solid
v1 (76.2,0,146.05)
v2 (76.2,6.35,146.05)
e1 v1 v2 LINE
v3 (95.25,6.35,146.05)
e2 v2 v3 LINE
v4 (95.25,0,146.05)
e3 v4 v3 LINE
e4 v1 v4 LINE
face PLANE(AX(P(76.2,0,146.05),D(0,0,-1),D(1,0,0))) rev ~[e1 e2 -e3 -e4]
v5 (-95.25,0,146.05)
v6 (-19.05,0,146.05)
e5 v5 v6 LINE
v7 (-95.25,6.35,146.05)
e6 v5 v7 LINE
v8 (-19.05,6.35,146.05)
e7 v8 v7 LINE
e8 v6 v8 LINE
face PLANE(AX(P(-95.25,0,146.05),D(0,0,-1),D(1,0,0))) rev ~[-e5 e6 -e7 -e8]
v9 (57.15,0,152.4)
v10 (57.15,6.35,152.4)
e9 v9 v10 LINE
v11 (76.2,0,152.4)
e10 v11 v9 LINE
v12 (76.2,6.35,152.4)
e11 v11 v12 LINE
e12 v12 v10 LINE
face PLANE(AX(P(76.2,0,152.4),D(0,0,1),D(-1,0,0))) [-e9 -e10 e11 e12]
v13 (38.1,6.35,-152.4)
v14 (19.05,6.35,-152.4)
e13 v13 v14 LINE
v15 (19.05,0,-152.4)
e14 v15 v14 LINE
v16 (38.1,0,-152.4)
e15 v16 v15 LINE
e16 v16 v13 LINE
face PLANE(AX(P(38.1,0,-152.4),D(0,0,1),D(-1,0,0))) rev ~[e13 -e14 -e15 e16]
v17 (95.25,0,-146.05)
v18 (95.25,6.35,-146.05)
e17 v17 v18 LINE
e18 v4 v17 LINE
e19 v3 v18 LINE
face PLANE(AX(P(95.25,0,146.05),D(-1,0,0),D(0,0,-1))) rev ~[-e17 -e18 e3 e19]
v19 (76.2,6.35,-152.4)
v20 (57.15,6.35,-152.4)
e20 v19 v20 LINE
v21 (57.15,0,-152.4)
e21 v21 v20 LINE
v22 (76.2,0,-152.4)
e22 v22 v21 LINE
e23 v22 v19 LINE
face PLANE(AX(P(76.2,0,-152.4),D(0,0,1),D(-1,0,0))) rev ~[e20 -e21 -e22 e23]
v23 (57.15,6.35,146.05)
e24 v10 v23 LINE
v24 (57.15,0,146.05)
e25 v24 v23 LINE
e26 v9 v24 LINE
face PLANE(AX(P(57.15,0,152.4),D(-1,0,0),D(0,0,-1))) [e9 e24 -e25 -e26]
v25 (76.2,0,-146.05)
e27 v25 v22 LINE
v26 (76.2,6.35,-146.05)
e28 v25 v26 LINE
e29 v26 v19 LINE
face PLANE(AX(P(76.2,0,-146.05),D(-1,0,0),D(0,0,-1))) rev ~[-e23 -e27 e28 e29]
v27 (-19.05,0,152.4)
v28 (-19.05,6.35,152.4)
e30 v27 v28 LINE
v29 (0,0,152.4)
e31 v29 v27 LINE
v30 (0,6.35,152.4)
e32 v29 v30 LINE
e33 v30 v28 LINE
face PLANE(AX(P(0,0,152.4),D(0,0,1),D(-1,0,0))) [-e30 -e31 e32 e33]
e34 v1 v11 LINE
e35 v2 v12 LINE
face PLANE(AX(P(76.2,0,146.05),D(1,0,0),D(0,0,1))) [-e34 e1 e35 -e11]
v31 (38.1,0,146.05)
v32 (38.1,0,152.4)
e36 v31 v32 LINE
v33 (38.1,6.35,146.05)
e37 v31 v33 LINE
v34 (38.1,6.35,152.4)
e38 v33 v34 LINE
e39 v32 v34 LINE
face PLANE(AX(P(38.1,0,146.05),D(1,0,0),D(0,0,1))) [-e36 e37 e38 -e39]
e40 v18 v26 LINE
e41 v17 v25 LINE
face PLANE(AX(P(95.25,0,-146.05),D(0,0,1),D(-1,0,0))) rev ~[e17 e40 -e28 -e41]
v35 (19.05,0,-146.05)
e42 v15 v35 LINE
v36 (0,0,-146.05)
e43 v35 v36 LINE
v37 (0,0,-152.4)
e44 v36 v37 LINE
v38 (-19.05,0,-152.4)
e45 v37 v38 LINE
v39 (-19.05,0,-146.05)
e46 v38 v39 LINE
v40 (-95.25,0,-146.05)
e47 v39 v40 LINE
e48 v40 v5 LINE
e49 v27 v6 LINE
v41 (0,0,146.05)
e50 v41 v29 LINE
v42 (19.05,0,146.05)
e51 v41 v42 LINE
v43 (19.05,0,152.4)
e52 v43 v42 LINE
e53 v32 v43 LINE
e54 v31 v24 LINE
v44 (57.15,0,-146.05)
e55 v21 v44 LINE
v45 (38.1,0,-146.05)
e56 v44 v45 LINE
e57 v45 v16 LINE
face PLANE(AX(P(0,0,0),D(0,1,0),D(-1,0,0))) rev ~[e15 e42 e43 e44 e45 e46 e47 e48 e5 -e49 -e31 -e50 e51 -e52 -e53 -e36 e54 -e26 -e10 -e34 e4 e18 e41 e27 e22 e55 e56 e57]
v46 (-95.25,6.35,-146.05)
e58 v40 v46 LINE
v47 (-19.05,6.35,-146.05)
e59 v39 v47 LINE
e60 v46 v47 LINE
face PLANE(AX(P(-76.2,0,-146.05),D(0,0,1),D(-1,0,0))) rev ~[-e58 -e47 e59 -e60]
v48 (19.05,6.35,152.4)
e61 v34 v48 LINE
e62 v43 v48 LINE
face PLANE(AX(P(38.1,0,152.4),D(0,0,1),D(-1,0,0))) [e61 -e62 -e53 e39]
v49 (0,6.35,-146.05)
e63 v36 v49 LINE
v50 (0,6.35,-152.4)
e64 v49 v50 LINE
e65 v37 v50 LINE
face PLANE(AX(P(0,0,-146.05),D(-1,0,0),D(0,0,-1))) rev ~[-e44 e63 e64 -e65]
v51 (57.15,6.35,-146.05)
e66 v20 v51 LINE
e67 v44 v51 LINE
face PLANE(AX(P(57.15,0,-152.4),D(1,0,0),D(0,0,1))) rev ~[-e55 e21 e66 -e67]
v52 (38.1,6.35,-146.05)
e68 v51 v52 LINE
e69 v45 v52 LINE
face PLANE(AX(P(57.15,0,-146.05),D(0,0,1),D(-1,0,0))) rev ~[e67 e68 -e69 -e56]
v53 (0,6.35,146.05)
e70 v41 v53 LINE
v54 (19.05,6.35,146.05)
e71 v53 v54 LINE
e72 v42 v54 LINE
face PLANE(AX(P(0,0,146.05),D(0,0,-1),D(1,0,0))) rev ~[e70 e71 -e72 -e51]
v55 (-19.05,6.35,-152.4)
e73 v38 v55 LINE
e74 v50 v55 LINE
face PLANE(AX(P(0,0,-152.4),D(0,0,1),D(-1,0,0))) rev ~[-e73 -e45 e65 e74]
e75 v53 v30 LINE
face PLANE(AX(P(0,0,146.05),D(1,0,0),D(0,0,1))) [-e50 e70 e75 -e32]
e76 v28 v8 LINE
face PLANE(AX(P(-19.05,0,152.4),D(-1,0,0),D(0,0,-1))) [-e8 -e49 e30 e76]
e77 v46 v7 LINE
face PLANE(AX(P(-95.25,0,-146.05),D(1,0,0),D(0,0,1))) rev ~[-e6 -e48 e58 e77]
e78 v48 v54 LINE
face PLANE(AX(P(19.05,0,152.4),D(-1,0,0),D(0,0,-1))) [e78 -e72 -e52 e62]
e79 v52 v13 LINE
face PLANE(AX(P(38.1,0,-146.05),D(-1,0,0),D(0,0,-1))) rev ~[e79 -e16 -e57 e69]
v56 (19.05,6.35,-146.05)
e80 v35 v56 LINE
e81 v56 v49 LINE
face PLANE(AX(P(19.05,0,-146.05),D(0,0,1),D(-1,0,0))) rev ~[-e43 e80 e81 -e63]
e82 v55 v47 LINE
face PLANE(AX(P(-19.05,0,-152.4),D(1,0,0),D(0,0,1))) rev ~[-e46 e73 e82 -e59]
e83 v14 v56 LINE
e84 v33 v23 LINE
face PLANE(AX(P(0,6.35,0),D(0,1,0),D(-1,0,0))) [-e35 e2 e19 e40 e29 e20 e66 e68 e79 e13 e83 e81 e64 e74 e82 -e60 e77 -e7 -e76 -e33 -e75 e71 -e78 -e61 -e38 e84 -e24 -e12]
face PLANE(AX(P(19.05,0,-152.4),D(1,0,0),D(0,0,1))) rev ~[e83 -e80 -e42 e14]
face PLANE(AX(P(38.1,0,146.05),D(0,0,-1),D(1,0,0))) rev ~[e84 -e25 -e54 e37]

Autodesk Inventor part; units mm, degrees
ref_plane "YZ Plane" through (0, 0, 0) normal (1, 0, 0) x (0, 1, 0)
ref_plane "XZ Plane" through (0, 0, 0) normal (0, 1, 0) x (-1, 0, 0)
ref_plane "XY Plane" through (0, 0, 0) normal (0, 0, 1) x (1, 0, 0)
sketch "Sketch1" plane through (0, 0, 0) normal (0, 1, 0) x (-1, 0, 0)
  line L0 (95.25, 146.05) -> (-95.25, 146.05)
  line L1 (-95.25, 146.05) -> (-95.25, -146.05)
  line L2 (-95.25, -146.05) -> (95.25, -146.05)
  line L3 (95.25, -146.05) -> (95.25, 146.05)
  line L4 (95.25, 146.05) -> (-95.25, -146.05) construction
  line L5 (-95.25, 146.05) -> (95.25, -146.05) construction
  line L6 (95.25, -146.05) -> (76.2, -146.05)
  line L7 (76.2, -146.05) -> (76.2, -152.4)
  line L8 (76.2, -152.4) -> (95.25, -152.4)
  line L9 (95.25, -152.4) -> (95.25, -146.05)
  line L10 (38.1, -146.05) -> (38.1, -152.4)
  line L11 (57.15, -146.05) -> (38.1, -146.05)
  line L12 (38.1, -152.4) -> (57.15, -152.4)
  line L13 (57.15, -152.4) -> (57.15, -146.05)
  line L14 (0, -146.05) -> (0, -152.4)
  line L15 (19.05, -146.05) -> (0, -146.05)
  line L16 (0, -152.4) -> (19.05, -152.4)
  line L17 (19.05, -152.4) -> (19.05, -146.05)
  line L18 (-38.1, -146.05) -> (-38.1, -152.4)
  line L19 (-19.05, -146.05) -> (-38.1, -146.05)
  line L20 (-38.1, -152.4) -> (-19.05, -152.4)
  line L21 (-19.05, -152.4) -> (-19.05, -146.05)
  line L22 (-76.2, -146.05) -> (-76.2, -152.4)
  line L23 (-57.15, -146.05) -> (-76.2, -146.05)
  line L24 (-76.2, -152.4) -> (-57.15, -152.4)
  line L25 (-57.15, -152.4) -> (-57.15, -146.05)
  line L26 (95.25, 0) -> (-95.25, 0) construction
  line L27 (95.25, 146.05) -> (76.2, 146.05)
  line L28 (76.2, 146.05) -> (76.2, 152.4)
  line L29 (76.2, 152.4) -> (95.25, 152.4)
  line L30 (95.25, 152.4) -> (95.25, 146.05)
  line L31 (57.15, 146.05) -> (38.1, 146.05)
  line L32 (38.1, 146.05) -> (38.1, 152.4)
  line L33 (38.1, 152.4) -> (57.15, 152.4)
  line L34 (57.15, 152.4) -> (57.15, 146.05)
  line L35 (19.05, 146.05) -> (0, 146.05)
  line L36 (0, 146.05) -> (0, 152.4)
  line L37 (0, 152.4) -> (19.05, 152.4)
  line L38 (19.05, 152.4) -> (19.05, 146.05)
  line L39 (-19.05, 146.05) -> (-38.1, 146.05)
  line L40 (-38.1, 146.05) -> (-38.1, 152.4)
  line L41 (-38.1, 152.4) -> (-19.05, 152.4)
  line L42 (-19.05, 152.4) -> (-19.05, 146.05)
  line L43 (-57.15, 146.05) -> (-76.2, 146.05)
  line L44 (-76.2, 146.05) -> (-76.2, 152.4)
  line L45 (-76.2, 152.4) -> (-57.15, 152.4)
  line L46 (-57.15, 152.4) -> (-57.15, 146.05)
  point P0 (0, 0)
  dimension "d0" = 292.1
  dimension "d1" = 190.5
  dimension "d2" = 19.05
  dimension "d3" = 6.35
  dimension "d6" = 38.1
  dimension "d11" = 19.05
  dimension "d12" = 6.35
  dimension "d15" = 38.1
extrude "Extrusion2" add sketch "Sketch1" along normal blind 6.35 contours L3 L2 L1 L0 | L0 L36 L37 L38 | L17 L16 L14 L2 | L0 L40 L41 L42 | L21 L20 L18 L2 | L0 L44 L45 L46 | L25 L24 L22 L2
properties part number "ramp2"
